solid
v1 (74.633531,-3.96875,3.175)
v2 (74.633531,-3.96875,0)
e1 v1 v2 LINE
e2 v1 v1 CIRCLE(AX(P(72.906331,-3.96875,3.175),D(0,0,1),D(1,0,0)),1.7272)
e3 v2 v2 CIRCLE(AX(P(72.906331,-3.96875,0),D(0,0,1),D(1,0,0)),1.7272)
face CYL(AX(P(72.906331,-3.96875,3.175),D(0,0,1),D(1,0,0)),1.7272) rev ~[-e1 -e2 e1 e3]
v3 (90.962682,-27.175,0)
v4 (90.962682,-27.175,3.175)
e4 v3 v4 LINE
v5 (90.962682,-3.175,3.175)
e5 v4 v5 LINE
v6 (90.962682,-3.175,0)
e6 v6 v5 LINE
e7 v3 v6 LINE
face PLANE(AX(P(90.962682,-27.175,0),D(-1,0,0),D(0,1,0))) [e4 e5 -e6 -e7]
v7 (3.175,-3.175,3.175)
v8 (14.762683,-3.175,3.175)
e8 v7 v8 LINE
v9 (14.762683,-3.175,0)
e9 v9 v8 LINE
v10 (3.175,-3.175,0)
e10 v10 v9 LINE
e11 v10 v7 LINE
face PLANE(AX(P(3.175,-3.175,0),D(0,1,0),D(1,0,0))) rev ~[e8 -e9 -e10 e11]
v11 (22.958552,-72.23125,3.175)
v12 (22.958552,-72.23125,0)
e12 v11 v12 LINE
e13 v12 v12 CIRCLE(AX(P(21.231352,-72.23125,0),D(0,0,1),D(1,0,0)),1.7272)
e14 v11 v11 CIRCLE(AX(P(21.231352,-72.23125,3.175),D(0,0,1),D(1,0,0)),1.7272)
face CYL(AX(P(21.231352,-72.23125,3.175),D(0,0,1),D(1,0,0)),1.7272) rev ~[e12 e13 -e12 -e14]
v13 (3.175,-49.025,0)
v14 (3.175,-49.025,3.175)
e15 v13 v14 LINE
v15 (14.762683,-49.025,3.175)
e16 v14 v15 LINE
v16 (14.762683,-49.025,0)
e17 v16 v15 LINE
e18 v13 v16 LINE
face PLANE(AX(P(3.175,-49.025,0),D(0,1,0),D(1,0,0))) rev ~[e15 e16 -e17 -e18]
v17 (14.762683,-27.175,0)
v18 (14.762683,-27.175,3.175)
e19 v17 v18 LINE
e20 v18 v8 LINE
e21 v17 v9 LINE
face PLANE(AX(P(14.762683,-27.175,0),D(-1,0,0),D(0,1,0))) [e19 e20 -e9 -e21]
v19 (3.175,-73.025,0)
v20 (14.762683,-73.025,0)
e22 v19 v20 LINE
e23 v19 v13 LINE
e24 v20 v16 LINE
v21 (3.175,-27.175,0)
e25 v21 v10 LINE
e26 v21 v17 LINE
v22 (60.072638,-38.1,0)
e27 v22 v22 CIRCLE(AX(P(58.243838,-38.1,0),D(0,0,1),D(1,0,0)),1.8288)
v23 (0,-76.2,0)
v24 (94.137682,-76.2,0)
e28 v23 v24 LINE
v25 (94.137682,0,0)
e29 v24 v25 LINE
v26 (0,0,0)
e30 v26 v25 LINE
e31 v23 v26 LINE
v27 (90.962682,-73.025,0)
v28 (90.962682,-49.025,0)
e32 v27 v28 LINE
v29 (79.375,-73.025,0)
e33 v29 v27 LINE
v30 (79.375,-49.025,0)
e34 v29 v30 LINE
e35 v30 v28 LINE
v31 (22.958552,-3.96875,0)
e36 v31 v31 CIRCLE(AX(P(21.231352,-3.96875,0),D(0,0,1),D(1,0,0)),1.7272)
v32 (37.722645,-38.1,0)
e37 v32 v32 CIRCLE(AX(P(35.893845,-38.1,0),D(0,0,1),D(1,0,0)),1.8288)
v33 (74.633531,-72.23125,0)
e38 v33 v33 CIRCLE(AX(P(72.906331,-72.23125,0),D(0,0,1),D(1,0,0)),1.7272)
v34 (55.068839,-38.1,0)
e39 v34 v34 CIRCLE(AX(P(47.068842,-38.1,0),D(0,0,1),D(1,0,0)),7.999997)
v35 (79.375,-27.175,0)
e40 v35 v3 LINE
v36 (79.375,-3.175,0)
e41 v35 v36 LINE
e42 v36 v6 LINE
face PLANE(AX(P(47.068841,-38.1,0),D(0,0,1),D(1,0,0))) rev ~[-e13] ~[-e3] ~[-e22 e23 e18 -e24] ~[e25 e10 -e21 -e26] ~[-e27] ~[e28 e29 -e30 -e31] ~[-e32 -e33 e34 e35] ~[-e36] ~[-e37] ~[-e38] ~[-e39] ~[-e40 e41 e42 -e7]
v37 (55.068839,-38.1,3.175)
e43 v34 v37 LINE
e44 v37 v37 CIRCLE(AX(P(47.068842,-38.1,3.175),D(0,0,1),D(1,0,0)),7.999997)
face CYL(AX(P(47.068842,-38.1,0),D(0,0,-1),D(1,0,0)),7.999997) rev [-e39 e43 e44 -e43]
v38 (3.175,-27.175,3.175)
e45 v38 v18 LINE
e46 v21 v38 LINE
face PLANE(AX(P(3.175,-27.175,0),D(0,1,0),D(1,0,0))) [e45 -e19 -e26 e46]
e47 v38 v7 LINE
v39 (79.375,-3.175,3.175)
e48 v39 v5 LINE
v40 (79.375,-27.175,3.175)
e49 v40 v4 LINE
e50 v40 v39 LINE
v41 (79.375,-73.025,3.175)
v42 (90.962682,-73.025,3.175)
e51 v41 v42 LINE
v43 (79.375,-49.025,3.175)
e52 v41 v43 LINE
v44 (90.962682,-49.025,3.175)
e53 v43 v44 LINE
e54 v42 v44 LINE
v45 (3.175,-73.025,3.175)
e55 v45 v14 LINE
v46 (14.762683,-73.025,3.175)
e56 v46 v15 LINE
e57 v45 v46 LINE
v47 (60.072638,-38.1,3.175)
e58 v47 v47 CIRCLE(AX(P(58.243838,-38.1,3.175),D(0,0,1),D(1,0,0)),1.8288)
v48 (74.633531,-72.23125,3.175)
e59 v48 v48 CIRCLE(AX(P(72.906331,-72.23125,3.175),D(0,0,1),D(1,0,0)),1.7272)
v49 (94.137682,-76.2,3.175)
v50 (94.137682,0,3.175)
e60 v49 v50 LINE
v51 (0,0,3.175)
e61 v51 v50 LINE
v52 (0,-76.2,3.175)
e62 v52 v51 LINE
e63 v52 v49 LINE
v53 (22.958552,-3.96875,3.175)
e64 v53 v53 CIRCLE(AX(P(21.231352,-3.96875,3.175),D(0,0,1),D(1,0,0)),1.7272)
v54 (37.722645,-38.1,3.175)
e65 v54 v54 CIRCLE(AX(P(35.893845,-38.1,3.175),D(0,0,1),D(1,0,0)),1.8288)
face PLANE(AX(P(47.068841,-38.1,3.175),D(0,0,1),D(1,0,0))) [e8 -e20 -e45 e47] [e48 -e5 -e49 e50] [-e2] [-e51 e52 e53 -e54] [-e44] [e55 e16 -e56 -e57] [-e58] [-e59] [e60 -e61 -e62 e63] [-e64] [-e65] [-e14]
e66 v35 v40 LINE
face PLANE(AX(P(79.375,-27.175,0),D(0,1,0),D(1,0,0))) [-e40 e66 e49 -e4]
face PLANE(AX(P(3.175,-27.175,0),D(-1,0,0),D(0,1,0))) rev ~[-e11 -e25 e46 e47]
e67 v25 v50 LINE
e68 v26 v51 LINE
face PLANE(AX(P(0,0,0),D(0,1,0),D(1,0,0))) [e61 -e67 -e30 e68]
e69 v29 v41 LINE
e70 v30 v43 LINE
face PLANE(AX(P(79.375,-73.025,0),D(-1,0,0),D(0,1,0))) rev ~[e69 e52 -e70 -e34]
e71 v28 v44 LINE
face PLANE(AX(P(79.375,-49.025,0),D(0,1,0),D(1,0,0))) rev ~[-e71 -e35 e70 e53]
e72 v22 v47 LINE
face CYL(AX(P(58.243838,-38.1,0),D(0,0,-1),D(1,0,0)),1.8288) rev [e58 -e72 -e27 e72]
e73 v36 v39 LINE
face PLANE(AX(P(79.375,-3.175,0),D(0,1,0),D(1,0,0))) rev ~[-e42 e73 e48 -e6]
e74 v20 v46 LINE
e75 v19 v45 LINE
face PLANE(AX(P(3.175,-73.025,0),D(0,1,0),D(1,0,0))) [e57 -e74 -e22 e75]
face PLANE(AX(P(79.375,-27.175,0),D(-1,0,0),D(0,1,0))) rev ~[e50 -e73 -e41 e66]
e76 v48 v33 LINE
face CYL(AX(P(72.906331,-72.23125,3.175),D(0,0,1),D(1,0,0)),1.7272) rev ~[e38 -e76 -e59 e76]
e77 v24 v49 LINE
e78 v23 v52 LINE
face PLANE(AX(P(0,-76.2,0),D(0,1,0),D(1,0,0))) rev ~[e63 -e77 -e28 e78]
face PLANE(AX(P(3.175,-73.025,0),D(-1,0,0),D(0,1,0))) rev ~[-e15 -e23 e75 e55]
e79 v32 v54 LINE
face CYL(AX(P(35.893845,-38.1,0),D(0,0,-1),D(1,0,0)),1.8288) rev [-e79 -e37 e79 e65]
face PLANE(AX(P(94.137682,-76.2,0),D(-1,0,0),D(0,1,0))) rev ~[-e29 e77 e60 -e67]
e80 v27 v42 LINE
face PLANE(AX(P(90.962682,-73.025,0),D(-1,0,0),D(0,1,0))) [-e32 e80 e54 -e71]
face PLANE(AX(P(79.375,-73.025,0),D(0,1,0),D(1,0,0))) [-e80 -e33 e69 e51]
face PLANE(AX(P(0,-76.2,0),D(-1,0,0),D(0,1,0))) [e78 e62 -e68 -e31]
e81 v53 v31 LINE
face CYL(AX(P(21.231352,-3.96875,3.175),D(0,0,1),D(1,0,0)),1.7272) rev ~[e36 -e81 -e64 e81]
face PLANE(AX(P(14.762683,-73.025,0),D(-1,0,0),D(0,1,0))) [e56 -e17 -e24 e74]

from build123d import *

# Parameters (mm, degrees)
F0_W     = 94.137683
F0_H     = 76.2
F0_W_2   = 11.587683
F0_H_2   = 24
F0_R     = 1.8288
F0_R_2   = 7.999997
F1_DEPTH = 3.175
F2_R     = 1.7272
F3_DEPTH = 3.175


with BuildPart() as f1:
    # F0 (on Top) → F1 (new body)
    with BuildSketch(Plane.XY):
        with Locations((47.068841, -38.1)):
            Rectangle(F0_W, F0_H)
        with Locations((8.968841, -61.025)):
            Rectangle(F0_W_2, F0_H_2, mode=Mode.SUBTRACT)
        with Locations((85.168841, -61.025)):
            Rectangle(F0_W_2, F0_H_2, mode=Mode.SUBTRACT)
        with Locations((35.893845, -38.1)):
            Circle(F0_R, mode=Mode.SUBTRACT)
        with Locations((47.068842, -38.1)):
            Circle(F0_R_2, mode=Mode.SUBTRACT)
        with Locations((8.968841, -15.175)):
            Rectangle(F0_W_2, F0_H_2, mode=Mode.SUBTRACT)
        with Locations((58.243838, -38.1)):
            Circle(F0_R, mode=Mode.SUBTRACT)
        with Locations((85.168841, -15.175)):
            Rectangle(F0_W_2, F0_H_2, mode=Mode.SUBTRACT)
    extrude(amount=F1_DEPTH)

    # F2 (on face) → F3 (cut, through all)
    with BuildSketch(Plane.XY.offset(3.175)):
        with Locations((21.231352, -3.96875)):
            Circle(F2_R)
        with Locations((72.906331, -3.96875)):
            Circle(F2_R)
        with Locations((72.906331, -72.23125)):
            Circle(F2_R)
        with Locations((21.231352, -72.23125)):
            Circle(F2_R)
    extrude(amount=-F3_DEPTH, mode=Mode.SUBTRACT)


solid = f1.part
